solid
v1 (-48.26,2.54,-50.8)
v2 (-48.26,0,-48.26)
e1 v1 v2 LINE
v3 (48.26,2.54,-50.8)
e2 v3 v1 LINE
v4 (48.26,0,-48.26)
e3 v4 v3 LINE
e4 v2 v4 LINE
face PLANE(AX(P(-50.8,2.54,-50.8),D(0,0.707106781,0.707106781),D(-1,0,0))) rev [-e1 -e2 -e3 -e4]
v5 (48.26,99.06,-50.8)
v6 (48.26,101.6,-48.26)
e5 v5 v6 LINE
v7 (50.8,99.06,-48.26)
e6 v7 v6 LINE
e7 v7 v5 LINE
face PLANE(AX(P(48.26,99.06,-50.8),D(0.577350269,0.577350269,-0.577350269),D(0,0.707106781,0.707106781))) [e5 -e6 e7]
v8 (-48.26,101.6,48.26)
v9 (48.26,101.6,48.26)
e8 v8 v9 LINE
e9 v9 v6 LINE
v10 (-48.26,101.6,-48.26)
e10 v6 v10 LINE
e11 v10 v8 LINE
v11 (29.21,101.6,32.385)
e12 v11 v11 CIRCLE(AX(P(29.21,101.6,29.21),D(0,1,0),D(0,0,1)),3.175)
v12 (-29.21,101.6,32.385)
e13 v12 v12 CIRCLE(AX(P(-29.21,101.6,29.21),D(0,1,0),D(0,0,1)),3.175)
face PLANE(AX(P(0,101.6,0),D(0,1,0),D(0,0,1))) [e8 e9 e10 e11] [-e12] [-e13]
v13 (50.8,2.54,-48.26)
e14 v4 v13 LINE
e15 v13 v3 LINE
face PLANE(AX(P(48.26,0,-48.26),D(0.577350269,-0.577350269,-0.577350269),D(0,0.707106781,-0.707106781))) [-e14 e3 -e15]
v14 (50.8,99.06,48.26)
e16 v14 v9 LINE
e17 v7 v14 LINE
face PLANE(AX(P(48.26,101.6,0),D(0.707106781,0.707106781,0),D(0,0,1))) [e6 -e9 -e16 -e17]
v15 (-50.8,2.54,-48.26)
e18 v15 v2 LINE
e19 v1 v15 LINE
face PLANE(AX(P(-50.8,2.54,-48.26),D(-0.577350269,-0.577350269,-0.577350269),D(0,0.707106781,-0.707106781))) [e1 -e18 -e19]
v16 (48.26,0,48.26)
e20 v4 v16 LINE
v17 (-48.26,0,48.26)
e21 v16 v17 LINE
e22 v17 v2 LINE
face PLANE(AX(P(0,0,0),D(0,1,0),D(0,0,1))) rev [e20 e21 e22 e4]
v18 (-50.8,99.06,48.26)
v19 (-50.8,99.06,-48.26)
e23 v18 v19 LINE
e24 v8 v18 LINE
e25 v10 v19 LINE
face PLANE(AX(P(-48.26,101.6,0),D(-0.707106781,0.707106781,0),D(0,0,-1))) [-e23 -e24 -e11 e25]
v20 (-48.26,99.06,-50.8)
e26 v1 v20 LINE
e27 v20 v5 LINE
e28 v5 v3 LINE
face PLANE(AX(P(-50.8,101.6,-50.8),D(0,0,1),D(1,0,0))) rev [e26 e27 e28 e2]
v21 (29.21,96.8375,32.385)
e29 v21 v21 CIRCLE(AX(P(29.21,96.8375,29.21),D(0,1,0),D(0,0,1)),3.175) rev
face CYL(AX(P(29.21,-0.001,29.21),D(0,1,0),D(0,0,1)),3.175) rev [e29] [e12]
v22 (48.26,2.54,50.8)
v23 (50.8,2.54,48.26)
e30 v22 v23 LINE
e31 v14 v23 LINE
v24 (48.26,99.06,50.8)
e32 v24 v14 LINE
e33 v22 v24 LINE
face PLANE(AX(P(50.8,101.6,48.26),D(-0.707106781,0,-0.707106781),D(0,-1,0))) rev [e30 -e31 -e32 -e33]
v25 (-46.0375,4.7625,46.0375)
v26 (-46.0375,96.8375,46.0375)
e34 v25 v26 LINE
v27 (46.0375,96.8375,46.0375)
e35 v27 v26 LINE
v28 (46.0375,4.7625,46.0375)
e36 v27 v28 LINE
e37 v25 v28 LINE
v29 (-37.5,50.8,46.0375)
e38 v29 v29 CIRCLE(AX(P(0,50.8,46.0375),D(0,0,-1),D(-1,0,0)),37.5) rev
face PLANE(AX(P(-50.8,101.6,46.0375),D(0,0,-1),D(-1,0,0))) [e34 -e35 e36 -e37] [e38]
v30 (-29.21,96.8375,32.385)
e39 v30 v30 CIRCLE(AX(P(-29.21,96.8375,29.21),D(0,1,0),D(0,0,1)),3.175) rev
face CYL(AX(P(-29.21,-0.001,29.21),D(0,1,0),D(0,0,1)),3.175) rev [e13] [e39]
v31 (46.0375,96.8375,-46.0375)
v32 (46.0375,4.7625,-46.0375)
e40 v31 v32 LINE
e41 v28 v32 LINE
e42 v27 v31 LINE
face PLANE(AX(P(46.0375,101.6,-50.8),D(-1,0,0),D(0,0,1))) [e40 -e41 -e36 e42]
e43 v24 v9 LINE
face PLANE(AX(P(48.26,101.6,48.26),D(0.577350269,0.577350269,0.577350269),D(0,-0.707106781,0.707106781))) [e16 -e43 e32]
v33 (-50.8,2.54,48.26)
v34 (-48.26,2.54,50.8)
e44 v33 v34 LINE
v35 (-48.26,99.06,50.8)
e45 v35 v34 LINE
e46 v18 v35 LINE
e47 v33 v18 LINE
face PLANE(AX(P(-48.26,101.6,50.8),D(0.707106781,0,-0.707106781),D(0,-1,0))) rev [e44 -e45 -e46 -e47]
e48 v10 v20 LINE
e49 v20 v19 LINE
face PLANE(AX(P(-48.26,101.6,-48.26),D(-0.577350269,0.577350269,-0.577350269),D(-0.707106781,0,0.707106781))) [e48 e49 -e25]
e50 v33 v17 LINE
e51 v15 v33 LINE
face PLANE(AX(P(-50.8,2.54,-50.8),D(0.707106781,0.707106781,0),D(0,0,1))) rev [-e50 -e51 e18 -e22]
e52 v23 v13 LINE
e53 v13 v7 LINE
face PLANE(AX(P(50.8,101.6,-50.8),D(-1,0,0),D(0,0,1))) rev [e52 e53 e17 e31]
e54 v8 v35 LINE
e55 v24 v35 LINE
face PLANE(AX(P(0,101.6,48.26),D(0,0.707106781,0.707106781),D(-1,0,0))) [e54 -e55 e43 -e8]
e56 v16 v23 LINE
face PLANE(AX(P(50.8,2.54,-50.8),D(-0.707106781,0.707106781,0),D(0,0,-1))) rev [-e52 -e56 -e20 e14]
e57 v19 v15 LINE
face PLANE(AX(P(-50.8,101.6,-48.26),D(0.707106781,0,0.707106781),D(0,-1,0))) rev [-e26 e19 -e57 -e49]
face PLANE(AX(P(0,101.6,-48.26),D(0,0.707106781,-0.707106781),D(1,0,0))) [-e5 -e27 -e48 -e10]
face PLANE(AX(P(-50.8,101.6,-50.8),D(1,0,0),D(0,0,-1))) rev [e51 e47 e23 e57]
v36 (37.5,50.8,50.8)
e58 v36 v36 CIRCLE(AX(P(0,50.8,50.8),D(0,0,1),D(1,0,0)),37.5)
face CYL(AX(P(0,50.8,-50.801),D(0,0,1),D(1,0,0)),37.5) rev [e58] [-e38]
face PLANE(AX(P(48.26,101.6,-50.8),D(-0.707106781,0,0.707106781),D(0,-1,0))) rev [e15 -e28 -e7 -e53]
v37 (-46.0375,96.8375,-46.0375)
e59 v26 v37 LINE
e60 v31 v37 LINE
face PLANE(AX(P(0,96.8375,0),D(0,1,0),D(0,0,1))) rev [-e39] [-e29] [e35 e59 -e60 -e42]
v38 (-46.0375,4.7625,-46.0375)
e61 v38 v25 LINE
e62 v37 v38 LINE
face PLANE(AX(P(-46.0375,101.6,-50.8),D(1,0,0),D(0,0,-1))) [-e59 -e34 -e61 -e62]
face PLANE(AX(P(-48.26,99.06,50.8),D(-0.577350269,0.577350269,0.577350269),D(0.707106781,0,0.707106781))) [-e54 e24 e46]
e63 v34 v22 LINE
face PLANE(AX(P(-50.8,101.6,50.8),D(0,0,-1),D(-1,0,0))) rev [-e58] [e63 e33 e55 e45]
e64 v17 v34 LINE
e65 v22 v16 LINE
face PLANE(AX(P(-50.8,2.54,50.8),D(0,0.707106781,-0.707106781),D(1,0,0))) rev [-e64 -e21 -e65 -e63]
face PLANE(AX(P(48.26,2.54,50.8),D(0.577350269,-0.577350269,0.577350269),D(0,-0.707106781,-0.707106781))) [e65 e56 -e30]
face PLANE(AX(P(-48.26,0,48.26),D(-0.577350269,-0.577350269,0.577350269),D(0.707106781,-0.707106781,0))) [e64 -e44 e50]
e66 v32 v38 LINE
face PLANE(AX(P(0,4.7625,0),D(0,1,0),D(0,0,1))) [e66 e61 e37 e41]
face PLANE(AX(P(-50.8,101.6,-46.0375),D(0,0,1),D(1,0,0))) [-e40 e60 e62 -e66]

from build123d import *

# Parameters (mm, degrees)
SKETCH1_W           = 101.6
SKETCH1_H           = 101.6
BOSS_EXTRUDE1_DEPTH = 101.6
CHAMFER1_SIZE       = 2.54
SHELL1_T            = 4.7625
CUT_EXTRUDE1_REACH  = 154.4
SKETCH2_R           = 37.5
CUT_EXTRUDE2_REACH  = 126.434
SKETCH3_R           = 3.175


with BuildPart() as part:
    # Sketch1 → Boss-Extrude1 (new body)
    with BuildSketch(Plane(origin=(0, 0, 0), x_dir=(1, 0, 0), z_dir=(0, 1, 0))):
        Rectangle(SKETCH1_W, SKETCH1_H)
    extrude(amount=BOSS_EXTRUDE1_DEPTH)

    # Chamfer1
    chamfer1_edges = [part.edges().sort_by_distance(p)[0] for p in [
        (50.8, 101.6, 0),
        (0, 101.6, -50.8),
        (-50.8, 101.6, 0),
        (0, 0, -50.8),
        (50.8, 0, 0),
        (0, 0, 50.8),
        (-50.8, 0, 0),
        (0, 101.6, 50.8),
        (-50.8, 50.8, -50.8),
        (50.8, 50.8, -50.8),
        (50.8, 50.8, 50.8),
        (-50.8, 50.8, 50.8),
    ]]
    chamfer(chamfer1_edges, length=CHAMFER1_SIZE)

    # Shell1 (no face opened: a closed hollow body)
    add(offset(amount=-SHELL1_T, mode=Mode.PRIVATE), mode=Mode.SUBTRACT)

    # Sketch2 → Cut-Extrude1 (cut, up to next)
    with BuildSketch(Plane.XY.offset(50.8), mode=Mode.PRIVATE) as cut_extrude1_sk1:
        with Locations((0, 50.8)):
            Circle(SKETCH2_R)
    cut_extrude1_tool1 = extrude(cut_extrude1_sk1.sketch, amount=-CUT_EXTRUDE1_REACH, mode=Mode.PRIVATE) & part.part
    add(cut_extrude1_tool1.solids().sort_by_distance((0, 50.8, 50.8))[0], mode=Mode.SUBTRACT)

    # Sketch3 → Cut-Extrude2 (cut, up to next)
    with BuildSketch(Plane(origin=(0, 101.6, 0), x_dir=(1, 0, 0), z_dir=(0, 1, 0)), mode=Mode.PRIVATE) as cut_extrude2_sk1:
        with Locations(Location((-29.21, -29.21, 0), (0, 0, 270))):
            Circle(SKETCH3_R)
    cut_extrude2_tool1 = extrude(cut_extrude2_sk1.sketch, amount=-CUT_EXTRUDE2_REACH, mode=Mode.PRIVATE) & part.part
    # Sketch3 → Cut-Extrude2 (cut, up to next)
    with BuildSketch(Plane(origin=(0, 101.6, 0), x_dir=(1, 0, 0), z_dir=(0, 1, 0)), mode=Mode.PRIVATE) as cut_extrude2_sk2:
        with Locations(Location((29.21, -29.21, 0), (0, 0, 270))):
            Circle(SKETCH3_R)
    cut_extrude2_tool2 = extrude(cut_extrude2_sk2.sketch, amount=-CUT_EXTRUDE2_REACH, mode=Mode.PRIVATE) & part.part
    add(cut_extrude2_tool1.solids().sort_by_distance((-29.21, 101.6, 29.21))[0], mode=Mode.SUBTRACT)
    add(cut_extrude2_tool2.solids().sort_by_distance((29.21, 101.6, 29.21))[0], mode=Mode.SUBTRACT)


solid = part.part
